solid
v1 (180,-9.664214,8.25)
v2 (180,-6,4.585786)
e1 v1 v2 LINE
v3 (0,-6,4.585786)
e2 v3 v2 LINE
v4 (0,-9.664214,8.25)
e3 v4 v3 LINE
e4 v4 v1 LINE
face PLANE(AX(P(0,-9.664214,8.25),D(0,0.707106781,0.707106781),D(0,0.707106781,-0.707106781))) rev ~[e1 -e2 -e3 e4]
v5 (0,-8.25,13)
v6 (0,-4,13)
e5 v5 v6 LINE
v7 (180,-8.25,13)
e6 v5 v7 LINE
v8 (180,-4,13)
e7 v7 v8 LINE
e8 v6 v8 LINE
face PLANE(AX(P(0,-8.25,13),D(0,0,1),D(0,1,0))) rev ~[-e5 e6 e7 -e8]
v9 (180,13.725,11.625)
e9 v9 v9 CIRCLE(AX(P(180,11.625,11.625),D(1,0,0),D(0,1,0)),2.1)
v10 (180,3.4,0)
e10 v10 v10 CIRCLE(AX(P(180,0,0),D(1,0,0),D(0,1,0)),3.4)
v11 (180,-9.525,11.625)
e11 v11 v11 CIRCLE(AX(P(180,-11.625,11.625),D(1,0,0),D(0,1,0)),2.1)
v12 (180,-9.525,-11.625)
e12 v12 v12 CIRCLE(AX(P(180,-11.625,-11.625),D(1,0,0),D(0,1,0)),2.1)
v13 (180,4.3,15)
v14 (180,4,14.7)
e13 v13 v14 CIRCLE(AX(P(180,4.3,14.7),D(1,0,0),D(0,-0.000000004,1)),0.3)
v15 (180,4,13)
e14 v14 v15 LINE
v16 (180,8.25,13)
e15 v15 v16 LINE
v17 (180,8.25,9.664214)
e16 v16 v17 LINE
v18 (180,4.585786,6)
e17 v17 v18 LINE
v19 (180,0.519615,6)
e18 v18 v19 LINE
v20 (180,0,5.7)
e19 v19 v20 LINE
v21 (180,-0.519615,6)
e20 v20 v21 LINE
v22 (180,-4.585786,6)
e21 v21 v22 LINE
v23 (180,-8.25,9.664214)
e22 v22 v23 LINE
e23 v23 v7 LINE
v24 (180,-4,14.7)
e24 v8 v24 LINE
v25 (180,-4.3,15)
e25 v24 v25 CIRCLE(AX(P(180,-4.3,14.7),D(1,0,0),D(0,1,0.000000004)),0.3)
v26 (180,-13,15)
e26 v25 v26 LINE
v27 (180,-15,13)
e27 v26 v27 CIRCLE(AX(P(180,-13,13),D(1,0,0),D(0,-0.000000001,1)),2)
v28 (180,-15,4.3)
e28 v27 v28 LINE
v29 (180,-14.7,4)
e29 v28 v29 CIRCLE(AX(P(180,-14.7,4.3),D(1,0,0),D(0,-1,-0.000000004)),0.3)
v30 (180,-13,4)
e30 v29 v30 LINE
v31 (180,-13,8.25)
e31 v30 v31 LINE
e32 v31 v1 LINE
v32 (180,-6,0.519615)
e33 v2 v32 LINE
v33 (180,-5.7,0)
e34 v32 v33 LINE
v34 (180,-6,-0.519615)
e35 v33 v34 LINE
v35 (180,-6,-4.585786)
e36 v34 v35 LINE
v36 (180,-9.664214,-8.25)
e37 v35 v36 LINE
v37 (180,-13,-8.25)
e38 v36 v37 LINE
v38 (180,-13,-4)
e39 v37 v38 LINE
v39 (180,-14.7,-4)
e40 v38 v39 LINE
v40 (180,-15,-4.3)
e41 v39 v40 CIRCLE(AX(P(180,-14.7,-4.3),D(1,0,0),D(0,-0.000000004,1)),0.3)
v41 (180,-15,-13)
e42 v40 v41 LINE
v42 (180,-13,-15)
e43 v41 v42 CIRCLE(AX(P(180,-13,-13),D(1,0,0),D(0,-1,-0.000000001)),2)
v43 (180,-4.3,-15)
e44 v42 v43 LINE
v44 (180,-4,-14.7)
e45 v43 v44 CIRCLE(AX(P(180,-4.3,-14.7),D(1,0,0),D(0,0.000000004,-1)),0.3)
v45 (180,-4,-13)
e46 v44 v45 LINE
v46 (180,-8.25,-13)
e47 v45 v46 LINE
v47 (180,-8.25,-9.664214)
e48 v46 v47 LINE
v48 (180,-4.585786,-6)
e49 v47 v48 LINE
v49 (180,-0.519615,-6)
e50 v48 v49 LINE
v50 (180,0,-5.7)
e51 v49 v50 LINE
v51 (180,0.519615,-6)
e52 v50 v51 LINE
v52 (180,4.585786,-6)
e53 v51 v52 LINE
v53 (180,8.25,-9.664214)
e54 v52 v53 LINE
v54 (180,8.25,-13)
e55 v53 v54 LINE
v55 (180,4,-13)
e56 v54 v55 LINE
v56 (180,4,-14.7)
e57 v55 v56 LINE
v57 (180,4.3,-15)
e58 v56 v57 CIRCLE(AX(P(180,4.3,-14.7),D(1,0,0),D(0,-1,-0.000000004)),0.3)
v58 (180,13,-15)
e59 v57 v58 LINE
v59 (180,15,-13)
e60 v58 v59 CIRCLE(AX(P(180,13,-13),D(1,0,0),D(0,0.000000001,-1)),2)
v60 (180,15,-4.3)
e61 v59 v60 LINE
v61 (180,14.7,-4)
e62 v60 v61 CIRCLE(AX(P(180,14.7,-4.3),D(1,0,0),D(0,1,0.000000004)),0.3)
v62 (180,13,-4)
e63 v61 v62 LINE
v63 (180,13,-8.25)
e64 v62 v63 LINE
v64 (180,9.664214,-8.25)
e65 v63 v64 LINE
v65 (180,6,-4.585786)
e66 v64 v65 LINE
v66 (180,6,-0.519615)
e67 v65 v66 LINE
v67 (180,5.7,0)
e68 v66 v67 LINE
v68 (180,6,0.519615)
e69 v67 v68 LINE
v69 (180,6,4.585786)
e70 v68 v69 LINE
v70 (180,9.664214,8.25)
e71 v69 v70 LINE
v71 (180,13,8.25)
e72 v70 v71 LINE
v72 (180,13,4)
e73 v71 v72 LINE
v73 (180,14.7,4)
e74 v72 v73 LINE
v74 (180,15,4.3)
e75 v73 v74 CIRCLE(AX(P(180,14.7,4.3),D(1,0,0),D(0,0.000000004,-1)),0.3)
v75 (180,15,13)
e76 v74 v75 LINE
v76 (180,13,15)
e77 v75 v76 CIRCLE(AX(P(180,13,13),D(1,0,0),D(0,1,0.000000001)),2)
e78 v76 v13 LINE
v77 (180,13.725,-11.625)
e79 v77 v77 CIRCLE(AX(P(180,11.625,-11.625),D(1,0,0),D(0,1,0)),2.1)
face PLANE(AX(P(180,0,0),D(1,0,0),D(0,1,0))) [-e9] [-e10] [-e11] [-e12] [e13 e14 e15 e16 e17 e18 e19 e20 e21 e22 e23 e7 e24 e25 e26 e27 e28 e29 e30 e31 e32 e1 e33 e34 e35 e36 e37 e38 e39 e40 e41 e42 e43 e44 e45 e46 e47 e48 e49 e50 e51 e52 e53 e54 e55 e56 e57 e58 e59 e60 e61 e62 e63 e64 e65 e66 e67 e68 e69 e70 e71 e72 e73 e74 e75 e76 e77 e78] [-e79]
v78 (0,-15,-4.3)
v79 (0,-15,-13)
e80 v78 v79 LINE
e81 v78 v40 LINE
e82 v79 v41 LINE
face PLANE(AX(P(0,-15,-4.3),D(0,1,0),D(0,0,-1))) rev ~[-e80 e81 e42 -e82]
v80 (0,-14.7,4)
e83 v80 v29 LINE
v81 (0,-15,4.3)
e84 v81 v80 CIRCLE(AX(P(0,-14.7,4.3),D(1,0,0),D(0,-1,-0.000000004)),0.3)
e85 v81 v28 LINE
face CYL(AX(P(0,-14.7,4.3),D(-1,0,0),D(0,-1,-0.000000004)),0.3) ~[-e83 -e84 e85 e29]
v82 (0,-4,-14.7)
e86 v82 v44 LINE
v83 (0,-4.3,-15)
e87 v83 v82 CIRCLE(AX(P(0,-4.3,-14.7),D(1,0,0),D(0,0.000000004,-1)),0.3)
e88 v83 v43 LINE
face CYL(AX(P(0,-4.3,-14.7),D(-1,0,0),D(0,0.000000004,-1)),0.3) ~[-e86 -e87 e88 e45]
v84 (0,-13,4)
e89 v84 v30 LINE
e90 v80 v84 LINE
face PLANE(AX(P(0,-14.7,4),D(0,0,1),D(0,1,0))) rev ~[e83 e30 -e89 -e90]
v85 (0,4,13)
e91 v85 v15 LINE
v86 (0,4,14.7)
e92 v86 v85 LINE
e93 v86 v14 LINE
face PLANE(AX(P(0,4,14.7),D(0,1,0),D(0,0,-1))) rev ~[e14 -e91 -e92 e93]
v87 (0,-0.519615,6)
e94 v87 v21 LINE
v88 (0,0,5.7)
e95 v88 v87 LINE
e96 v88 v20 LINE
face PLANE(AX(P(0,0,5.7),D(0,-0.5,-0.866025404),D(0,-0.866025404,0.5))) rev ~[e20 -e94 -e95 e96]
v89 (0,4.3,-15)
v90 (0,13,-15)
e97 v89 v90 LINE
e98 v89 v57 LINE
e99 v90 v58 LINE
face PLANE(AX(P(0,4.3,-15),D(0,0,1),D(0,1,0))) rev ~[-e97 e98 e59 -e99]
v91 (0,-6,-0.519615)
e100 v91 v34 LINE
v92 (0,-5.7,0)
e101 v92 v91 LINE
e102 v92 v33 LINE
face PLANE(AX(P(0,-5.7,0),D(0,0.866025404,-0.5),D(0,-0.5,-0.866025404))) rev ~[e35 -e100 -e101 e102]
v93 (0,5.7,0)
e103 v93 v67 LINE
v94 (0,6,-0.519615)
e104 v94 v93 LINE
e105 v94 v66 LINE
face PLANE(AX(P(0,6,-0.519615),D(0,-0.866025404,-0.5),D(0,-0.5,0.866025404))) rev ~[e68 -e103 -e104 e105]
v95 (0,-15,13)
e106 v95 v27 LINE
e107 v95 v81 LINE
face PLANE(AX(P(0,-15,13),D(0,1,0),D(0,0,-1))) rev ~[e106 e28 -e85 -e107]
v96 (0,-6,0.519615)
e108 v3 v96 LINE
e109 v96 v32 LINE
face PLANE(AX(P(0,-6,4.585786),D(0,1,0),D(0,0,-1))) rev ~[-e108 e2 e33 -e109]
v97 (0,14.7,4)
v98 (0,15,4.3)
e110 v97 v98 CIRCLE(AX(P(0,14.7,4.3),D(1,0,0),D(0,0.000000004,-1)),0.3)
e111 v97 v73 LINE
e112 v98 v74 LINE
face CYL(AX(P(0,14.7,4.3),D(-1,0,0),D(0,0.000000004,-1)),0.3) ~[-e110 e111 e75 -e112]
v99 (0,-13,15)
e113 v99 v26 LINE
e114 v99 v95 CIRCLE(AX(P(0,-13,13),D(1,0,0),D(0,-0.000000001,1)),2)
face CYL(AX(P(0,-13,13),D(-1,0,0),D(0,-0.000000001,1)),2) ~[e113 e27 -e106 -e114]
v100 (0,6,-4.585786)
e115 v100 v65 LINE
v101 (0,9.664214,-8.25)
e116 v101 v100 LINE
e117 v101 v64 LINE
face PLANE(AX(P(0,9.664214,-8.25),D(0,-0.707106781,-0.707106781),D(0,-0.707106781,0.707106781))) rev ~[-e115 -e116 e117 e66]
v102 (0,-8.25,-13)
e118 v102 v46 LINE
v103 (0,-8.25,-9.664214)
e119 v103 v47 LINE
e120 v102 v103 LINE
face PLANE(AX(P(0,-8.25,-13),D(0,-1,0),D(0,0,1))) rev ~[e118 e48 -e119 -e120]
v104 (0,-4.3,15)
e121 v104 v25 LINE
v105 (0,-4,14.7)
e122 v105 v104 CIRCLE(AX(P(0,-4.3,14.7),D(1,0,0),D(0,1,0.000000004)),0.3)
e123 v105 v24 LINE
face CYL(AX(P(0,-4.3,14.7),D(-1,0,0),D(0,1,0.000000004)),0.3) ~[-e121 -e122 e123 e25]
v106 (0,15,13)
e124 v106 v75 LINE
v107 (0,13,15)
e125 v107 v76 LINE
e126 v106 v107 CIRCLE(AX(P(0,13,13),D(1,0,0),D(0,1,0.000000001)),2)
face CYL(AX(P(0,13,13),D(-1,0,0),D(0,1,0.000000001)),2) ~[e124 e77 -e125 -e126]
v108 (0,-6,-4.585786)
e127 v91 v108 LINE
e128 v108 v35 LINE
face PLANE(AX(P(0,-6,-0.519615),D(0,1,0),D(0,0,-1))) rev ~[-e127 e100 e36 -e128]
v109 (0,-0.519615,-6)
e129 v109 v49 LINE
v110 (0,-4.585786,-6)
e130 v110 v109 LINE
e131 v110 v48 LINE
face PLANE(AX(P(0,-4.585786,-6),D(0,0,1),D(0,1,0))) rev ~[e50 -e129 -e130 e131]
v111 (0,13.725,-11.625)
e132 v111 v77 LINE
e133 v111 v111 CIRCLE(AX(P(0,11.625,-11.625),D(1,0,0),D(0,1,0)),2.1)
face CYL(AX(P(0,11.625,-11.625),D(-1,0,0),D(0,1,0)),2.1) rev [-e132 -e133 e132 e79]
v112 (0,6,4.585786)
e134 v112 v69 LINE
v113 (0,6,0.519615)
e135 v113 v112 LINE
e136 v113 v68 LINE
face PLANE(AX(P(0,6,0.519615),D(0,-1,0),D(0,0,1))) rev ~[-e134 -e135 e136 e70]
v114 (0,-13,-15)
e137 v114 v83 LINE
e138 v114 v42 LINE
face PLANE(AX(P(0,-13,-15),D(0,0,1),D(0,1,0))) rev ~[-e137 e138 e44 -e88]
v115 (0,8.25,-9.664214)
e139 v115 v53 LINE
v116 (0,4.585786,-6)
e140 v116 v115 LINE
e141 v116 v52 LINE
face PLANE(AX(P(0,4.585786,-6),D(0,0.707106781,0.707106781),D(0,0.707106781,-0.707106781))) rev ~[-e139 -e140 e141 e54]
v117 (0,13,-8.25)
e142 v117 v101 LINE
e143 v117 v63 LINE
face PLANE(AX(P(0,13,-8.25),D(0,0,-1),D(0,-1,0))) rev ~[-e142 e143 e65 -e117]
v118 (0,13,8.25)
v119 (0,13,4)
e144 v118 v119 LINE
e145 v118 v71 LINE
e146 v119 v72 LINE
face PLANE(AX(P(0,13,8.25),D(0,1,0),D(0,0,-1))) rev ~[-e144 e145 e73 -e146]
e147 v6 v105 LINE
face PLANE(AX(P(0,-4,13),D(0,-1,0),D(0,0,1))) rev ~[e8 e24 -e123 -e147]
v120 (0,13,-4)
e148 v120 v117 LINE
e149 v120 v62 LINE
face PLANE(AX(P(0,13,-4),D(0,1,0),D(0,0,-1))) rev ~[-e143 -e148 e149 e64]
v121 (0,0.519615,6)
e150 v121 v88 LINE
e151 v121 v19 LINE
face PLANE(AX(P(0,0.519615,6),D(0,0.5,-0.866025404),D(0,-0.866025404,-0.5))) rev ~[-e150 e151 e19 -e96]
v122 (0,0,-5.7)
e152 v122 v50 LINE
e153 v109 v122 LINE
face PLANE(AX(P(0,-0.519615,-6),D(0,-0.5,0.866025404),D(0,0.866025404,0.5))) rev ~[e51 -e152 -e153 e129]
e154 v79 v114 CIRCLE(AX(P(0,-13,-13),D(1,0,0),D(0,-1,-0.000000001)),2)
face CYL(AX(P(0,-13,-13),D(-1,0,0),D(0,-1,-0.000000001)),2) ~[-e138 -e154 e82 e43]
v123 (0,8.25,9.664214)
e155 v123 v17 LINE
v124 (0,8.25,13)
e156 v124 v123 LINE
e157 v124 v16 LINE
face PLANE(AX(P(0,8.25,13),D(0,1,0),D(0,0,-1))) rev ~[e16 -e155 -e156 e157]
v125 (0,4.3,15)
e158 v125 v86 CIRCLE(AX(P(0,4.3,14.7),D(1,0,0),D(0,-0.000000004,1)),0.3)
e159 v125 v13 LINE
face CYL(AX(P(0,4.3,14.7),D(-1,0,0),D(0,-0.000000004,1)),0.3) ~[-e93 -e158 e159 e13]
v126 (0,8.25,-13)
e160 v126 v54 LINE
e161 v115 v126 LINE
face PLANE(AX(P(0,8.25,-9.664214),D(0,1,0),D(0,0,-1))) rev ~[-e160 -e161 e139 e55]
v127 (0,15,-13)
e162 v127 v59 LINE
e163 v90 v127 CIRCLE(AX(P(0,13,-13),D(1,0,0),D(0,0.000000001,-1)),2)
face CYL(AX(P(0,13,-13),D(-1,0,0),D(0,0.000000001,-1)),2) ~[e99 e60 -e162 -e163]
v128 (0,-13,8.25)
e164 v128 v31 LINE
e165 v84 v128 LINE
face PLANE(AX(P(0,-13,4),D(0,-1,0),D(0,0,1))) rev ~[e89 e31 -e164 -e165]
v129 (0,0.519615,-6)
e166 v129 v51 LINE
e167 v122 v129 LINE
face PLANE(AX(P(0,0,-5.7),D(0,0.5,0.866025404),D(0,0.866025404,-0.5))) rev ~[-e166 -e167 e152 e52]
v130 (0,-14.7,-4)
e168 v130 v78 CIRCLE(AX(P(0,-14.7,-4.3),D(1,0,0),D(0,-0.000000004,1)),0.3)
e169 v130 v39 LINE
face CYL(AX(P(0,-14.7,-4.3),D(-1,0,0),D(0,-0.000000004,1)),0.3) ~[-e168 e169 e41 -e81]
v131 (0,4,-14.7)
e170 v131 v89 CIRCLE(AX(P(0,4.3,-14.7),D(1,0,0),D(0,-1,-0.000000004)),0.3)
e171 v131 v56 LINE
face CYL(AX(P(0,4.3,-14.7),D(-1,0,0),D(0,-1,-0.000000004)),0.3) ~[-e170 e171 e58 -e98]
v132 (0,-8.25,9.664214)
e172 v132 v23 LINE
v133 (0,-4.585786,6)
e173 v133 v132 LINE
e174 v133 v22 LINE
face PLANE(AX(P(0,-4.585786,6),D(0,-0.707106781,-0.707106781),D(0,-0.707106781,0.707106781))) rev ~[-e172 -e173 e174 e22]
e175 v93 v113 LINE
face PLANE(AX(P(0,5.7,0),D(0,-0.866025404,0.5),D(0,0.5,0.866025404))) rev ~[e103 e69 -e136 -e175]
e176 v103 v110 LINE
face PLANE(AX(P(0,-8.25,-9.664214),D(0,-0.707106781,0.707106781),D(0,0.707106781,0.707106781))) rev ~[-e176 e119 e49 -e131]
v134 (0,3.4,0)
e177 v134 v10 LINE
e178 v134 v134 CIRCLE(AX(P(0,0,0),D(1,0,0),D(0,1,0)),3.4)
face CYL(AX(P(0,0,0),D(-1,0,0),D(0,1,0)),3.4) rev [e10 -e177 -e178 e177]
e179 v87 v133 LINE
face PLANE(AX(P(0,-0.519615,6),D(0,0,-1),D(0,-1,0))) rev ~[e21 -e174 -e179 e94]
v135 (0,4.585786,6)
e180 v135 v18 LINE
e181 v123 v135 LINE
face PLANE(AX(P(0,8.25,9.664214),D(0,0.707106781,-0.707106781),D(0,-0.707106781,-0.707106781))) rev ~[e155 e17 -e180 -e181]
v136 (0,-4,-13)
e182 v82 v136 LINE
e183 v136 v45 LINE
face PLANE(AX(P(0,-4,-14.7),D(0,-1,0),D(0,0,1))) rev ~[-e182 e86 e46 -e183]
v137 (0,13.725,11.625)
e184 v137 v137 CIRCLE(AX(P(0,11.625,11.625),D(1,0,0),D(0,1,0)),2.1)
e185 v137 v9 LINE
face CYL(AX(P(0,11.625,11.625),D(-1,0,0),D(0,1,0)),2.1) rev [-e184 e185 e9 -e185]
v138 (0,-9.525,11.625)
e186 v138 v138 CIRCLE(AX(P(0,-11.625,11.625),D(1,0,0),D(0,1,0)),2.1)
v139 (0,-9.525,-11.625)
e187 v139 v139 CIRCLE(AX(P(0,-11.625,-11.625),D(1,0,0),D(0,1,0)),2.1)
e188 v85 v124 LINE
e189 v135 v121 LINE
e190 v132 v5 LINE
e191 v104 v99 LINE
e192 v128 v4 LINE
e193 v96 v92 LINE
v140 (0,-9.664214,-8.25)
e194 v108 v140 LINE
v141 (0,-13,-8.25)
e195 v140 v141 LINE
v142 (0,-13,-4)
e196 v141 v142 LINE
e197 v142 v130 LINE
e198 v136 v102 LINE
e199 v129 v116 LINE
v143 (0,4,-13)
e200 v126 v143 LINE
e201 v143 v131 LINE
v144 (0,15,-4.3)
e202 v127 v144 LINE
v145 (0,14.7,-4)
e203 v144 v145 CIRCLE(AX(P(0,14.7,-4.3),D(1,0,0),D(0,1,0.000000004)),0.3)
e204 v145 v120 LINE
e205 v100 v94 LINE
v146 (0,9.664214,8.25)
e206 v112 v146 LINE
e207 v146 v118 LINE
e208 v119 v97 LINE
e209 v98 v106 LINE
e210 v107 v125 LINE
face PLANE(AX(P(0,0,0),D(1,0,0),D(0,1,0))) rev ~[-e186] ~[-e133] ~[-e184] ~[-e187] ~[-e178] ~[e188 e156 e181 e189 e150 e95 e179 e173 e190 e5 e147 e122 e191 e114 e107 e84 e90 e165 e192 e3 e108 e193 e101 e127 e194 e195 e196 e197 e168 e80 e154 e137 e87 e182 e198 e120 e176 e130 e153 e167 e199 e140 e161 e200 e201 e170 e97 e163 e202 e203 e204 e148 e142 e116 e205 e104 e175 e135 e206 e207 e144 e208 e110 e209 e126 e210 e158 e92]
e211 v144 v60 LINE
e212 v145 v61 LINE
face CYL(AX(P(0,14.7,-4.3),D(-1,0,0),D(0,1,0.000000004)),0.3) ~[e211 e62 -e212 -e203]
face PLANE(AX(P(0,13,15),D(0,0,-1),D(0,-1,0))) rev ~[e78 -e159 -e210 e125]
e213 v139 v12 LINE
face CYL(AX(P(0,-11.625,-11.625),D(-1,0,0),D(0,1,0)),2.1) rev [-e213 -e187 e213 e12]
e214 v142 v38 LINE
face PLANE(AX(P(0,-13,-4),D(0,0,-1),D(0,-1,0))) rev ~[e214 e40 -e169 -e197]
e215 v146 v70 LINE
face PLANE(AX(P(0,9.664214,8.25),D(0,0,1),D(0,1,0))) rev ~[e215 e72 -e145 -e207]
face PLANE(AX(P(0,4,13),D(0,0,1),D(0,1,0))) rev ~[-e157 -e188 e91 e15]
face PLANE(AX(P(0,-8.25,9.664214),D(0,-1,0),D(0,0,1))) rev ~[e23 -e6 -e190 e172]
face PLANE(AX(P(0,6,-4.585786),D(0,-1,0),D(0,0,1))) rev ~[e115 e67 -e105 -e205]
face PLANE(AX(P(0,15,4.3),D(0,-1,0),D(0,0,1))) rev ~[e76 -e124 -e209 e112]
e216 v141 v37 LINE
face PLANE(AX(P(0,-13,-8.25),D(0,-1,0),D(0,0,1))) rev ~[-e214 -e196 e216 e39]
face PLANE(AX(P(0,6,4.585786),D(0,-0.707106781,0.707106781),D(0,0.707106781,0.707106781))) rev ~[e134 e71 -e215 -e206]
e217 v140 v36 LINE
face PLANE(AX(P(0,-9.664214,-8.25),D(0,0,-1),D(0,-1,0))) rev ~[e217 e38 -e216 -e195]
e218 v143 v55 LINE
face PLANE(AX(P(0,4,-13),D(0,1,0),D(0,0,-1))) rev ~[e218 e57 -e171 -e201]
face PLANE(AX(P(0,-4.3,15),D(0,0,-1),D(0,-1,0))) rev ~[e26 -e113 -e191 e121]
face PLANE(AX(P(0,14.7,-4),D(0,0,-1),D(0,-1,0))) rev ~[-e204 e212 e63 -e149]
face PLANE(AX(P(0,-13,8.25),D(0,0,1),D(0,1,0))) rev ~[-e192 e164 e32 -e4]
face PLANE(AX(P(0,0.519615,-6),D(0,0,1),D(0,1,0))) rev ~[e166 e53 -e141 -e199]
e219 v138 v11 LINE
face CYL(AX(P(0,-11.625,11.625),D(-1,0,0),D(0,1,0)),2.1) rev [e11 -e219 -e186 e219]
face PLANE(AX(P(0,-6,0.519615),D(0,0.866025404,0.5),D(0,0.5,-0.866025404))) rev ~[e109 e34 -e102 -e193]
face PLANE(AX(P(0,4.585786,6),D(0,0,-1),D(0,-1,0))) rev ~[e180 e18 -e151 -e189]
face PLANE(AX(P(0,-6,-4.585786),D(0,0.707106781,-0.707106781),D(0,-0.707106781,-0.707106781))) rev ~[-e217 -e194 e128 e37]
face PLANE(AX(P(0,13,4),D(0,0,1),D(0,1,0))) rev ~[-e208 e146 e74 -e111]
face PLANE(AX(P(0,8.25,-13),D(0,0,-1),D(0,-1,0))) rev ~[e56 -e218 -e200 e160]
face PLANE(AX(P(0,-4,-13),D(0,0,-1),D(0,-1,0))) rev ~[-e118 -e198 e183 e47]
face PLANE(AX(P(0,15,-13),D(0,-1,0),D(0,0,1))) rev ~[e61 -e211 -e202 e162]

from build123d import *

# Parameters (mm, degrees)
SKETCH_1_R              = 2.1
SKETCH_1_R_2            = 3.4
F_30XS6_30X30S6_1_DEPTH = 180


with BuildPart() as part:
    # 草图1 → 30xs6 30X30S6(1) (new body)
    with BuildSketch(Plane.YZ):
        with BuildLine():
            Line((-14.7, 4), (-13, 4))
            Line((-13, 4), (-13, 8.25))
            Line((-13, 8.25), (-9.664213562, 8.25))
            Line((-9.664213562, 8.25), (-6, 4.585786438))
            Line((-6, 4.585786438), (-6, 0.519615242))
            Line((-6, 0.519615242), (-5.7, 0))
            Line((-5.7, 0), (-6, -0.519615242))
            Line((-6, -0.519615242), (-6, -4.585786438))
            Line((-6, -4.585786438), (-9.664213562, -8.25))
            Line((-9.664213562, -8.25), (-13, -8.25))
            Line((-13, -8.25), (-13, -4))
            Line((-13, -4), (-14.7, -4))
            ThreePointArc((-14.7, -4), (-14.912132034, -4.087867966), (-15, -4.3))
            Line((-15, -4.3), (-15, -13))
            ThreePointArc((-15, -13), (-14.414213562, -14.414213562), (-13, -15))
            Line((-13, -15), (-4.3, -15))
            ThreePointArc((-4.3, -15), (-4.087867966, -14.912132034), (-4, -14.7))
            Line((-4, -14.7), (-4, -13))
            Line((-4, -13), (-8.25, -13))
            Line((-8.25, -13), (-8.25, -9.664213562))
            Line((-8.25, -9.664213562), (-4.585786438, -6))
            Line((-4.585786438, -6), (-0.519615242, -6))
            Line((-0.519615242, -6), (0, -5.7))
            Line((0, -5.7), (0.519615242, -6))
            Line((0.519615242, -6), (4.585786438, -6))
            Line((4.585786438, -6), (8.25, -9.664213562))
            Line((8.25, -9.664213562), (8.25, -13))
            Line((8.25, -13), (4, -13))
            Line((4, -13), (4, -14.7))
            ThreePointArc((4, -14.7), (4.087867966, -14.912132034), (4.3, -15))
            Line((4.3, -15), (13, -15))
            ThreePointArc((13, -15), (14.414213562, -14.414213562), (15, -13))
            Line((15, -13), (15, -4.3))
            ThreePointArc((15, -4.3), (14.912132034, -4.087867966), (14.7, -4))
            Line((14.7, -4), (13, -4))
            Line((13, -4), (13, -8.25))
            Line((13, -8.25), (9.664213562, -8.25))
            Line((9.664213562, -8.25), (6, -4.585786438))
            Line((6, -4.585786438), (6, -0.519615242))
            Line((6, -0.519615242), (5.7, 0))
            Line((5.7, 0), (6, 0.519615242))
            Line((6, 0.519615242), (6, 4.585786438))
            Line((6, 4.585786438), (9.664213562, 8.25))
            Line((9.664213562, 8.25), (13, 8.25))
            Line((13, 8.25), (13, 4))
            Line((13, 4), (14.7, 4))
            ThreePointArc((14.7, 4), (14.912132034, 4.087867966), (15, 4.3))
            Line((15, 4.3), (15, 13))
            ThreePointArc((15, 13), (14.414213562, 14.414213562), (13, 15))
            Line((13, 15), (4.3, 15))
            ThreePointArc((4.3, 15), (4.087867966, 14.912132034), (4, 14.7))
            Line((4, 14.7), (4, 13))
            Line((4, 13), (8.25, 13))
            Line((8.25, 13), (8.25, 9.664213562))
            Line((8.25, 9.664213562), (4.585786438, 6))
            Line((4.585786438, 6), (0.519615242, 6))
            Line((0.519615242, 6), (0, 5.7))
            Line((0, 5.7), (-0.519615242, 6))
            Line((-0.519615242, 6), (-4.585786438, 6))
            Line((-4.585786438, 6), (-8.25, 9.664213562))
            Line((-8.25, 9.664213562), (-8.25, 13))
            Line((-8.25, 13), (-4, 13))
            Line((-4, 13), (-4, 14.7))
            ThreePointArc((-4, 14.7), (-4.087867966, 14.912132034), (-4.3, 15))
            Line((-4.3, 15), (-13, 15))
            ThreePointArc((-13, 15), (-14.414213562, 14.414213562), (-15, 13))
            Line((-15, 13), (-15, 4.3))
            ThreePointArc((-15, 4.3), (-14.912132034, 4.087867966), (-14.7, 4))
        make_face()
        with Locations((11.625, 11.625)):
            Circle(SKETCH_1_R, mode=Mode.SUBTRACT)
        with Locations((11.625, -11.625)):
            Circle(SKETCH_1_R, mode=Mode.SUBTRACT)
        Circle(SKETCH_1_R_2, mode=Mode.SUBTRACT)
        with Locations((-11.625, -11.625)):
            Circle(SKETCH_1_R, mode=Mode.SUBTRACT)
        with Locations((-11.625, 11.625)):
            Circle(SKETCH_1_R, mode=Mode.SUBTRACT)
    extrude(amount=F_30XS6_30X30S6_1_DEPTH)


solid = part.part
